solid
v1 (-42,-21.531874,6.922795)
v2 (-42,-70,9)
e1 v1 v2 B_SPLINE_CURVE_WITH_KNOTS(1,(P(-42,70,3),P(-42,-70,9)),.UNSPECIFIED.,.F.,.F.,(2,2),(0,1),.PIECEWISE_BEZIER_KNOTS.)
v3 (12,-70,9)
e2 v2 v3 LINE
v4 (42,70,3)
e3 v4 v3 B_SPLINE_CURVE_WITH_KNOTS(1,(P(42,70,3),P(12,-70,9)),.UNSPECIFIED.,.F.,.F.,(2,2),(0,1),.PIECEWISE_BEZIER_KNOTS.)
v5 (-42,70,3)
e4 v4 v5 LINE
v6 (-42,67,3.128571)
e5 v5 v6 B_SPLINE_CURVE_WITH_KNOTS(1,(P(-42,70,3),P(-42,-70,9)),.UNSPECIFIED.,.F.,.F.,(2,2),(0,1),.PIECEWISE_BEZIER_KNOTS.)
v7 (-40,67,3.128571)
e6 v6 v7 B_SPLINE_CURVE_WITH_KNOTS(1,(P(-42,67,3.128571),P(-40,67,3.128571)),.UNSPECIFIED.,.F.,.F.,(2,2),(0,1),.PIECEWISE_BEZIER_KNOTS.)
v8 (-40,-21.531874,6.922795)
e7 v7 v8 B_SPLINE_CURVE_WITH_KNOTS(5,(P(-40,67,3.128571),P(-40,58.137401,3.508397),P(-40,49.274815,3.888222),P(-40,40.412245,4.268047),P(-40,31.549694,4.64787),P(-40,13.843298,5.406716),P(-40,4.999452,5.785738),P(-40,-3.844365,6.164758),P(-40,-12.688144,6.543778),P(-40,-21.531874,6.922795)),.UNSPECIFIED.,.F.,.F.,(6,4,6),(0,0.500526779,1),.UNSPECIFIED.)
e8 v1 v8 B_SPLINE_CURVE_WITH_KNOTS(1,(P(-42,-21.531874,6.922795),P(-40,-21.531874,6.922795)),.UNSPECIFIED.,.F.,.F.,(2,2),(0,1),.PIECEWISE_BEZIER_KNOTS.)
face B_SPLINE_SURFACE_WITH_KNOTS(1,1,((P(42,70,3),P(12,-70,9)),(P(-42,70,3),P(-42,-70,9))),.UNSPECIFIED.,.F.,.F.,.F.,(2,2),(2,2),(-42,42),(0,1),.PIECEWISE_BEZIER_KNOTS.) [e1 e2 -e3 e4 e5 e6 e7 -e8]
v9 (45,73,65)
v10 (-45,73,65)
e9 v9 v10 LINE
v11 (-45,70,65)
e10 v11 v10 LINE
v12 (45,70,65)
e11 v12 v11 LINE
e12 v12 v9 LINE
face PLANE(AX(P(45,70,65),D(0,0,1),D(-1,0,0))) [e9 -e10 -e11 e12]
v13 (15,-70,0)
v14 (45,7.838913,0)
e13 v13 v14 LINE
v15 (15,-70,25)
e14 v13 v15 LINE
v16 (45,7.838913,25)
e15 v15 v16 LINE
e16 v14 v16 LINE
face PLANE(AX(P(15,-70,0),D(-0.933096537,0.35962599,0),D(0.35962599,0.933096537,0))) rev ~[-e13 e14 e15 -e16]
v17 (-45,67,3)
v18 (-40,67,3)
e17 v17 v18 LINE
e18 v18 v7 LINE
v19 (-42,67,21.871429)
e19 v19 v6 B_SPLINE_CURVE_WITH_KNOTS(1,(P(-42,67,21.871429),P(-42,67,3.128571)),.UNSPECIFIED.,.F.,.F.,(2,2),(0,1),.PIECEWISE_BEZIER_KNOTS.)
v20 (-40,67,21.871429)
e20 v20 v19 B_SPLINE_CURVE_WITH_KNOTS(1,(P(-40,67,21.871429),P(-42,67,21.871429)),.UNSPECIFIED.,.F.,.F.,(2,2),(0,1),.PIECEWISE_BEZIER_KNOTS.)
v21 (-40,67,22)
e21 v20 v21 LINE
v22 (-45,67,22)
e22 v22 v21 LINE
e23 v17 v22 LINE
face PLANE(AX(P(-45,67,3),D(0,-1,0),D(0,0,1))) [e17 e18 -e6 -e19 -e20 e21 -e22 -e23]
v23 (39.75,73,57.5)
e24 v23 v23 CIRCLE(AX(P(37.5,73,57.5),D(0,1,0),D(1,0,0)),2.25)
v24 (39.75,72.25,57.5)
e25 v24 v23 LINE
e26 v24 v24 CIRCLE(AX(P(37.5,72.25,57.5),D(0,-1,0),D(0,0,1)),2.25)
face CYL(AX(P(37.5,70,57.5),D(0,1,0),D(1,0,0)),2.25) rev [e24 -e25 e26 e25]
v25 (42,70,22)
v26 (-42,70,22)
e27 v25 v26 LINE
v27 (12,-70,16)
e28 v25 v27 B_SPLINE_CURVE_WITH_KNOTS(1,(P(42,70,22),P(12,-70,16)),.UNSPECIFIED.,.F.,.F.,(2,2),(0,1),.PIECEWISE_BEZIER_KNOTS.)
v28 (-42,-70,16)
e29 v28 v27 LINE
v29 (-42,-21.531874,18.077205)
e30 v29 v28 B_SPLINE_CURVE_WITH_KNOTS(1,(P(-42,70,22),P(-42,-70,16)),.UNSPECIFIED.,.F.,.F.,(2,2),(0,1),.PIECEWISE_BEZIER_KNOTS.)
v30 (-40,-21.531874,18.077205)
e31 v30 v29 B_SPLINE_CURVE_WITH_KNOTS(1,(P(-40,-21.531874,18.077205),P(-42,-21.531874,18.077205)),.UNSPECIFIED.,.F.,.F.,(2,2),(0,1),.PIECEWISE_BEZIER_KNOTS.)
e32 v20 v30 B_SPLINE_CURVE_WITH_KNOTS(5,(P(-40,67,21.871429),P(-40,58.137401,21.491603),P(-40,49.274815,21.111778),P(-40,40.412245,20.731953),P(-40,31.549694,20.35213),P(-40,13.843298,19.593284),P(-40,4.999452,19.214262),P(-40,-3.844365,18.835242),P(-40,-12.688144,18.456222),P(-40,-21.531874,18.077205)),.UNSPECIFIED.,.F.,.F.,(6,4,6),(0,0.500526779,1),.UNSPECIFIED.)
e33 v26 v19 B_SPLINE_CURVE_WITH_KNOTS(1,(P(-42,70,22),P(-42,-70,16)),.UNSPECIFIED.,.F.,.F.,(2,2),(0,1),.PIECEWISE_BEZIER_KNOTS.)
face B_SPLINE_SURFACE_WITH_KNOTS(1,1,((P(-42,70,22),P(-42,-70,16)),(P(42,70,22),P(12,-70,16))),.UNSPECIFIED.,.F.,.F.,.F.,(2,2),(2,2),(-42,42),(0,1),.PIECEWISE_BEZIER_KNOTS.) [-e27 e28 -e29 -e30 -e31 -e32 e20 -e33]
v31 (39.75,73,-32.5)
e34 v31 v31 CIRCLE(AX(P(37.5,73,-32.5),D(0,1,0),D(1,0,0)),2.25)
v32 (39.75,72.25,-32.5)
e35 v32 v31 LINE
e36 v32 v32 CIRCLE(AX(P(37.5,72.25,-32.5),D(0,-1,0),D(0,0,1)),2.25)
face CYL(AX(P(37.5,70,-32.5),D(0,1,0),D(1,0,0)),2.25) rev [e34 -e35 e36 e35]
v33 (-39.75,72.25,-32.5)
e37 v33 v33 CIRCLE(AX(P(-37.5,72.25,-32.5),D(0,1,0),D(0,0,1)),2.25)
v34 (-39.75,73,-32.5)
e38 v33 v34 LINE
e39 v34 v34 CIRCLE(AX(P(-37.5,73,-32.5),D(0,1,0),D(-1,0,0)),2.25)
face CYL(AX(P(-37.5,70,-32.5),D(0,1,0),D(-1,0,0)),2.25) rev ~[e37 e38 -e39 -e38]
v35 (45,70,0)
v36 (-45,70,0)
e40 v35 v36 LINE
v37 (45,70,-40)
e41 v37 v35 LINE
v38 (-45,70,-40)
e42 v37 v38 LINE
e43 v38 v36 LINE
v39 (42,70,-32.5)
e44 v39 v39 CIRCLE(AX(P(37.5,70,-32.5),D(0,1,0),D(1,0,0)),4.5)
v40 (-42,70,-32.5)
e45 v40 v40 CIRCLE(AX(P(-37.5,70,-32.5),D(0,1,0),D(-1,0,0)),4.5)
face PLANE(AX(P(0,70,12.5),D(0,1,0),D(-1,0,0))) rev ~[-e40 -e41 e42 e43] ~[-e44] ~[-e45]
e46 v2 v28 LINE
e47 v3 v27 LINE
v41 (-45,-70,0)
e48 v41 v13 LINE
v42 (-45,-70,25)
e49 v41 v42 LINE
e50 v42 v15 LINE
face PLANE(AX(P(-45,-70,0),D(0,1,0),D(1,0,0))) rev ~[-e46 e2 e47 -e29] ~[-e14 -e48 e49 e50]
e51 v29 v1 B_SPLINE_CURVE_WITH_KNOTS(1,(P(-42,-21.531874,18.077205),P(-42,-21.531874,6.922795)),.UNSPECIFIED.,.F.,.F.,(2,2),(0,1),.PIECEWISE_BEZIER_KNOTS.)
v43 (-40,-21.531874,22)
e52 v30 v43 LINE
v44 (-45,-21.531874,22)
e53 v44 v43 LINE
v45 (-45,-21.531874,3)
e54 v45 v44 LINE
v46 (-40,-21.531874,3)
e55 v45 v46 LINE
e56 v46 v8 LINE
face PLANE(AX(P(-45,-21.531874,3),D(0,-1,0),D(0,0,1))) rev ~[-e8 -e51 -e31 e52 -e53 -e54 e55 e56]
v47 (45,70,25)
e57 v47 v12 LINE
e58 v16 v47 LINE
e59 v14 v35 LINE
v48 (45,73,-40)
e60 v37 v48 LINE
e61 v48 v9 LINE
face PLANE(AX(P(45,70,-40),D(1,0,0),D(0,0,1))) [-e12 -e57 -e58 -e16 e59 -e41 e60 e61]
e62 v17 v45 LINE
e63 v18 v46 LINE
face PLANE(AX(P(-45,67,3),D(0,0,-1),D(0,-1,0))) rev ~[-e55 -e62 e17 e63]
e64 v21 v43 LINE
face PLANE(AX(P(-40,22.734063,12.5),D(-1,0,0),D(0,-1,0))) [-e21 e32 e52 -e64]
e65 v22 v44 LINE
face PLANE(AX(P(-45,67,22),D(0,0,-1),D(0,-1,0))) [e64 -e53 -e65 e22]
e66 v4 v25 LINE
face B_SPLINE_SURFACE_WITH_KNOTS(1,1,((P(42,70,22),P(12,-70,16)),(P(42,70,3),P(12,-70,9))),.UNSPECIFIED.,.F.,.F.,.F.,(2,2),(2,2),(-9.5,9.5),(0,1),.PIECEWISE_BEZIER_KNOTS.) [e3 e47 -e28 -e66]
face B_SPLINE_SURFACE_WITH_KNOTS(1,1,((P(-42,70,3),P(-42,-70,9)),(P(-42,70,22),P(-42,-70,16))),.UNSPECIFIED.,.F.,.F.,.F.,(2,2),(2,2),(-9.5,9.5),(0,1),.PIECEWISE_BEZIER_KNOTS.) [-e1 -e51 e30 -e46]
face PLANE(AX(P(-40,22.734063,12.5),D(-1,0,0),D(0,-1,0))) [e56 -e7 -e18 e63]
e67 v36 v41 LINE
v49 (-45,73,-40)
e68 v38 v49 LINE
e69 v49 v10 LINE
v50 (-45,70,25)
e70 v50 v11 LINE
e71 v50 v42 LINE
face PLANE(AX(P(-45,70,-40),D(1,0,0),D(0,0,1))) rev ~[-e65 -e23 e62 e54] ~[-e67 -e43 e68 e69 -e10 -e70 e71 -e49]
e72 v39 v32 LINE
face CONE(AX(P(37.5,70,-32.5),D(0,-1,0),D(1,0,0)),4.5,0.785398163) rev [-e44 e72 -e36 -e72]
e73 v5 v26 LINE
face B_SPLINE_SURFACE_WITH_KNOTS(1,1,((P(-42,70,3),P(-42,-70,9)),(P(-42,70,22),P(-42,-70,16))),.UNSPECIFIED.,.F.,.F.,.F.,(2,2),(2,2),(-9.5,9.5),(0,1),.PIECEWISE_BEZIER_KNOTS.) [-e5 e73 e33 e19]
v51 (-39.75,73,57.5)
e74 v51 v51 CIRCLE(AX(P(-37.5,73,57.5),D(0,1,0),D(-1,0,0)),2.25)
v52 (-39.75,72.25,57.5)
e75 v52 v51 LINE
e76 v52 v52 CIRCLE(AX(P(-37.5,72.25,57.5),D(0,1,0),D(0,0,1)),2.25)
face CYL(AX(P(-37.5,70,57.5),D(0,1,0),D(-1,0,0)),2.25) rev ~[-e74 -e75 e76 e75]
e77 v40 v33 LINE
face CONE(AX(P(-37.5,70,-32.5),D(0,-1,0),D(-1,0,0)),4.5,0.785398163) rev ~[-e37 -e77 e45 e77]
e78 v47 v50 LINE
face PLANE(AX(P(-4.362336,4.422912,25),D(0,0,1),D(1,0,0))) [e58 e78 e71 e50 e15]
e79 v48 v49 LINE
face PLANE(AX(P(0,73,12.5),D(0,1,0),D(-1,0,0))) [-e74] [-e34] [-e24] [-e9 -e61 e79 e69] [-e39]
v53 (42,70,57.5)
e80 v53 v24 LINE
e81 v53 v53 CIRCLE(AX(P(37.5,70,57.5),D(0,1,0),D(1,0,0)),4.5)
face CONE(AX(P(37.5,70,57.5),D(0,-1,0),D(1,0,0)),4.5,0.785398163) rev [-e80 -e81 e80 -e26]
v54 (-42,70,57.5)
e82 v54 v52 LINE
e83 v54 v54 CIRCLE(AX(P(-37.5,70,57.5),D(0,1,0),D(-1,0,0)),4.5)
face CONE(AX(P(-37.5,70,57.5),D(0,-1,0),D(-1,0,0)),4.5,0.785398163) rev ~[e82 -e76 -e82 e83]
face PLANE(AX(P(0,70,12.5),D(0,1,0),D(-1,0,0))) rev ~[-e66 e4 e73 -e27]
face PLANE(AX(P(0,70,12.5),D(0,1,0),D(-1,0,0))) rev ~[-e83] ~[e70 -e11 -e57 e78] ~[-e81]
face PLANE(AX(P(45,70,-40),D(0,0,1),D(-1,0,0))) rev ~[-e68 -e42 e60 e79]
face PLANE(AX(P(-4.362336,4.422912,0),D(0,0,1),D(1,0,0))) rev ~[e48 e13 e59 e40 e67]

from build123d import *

# Parameters (mm, degrees)
PAD_DEPTH        = 25
SKETCH001_W      = 84
SKETCH001_H      = 19
SKETCH002_W      = 54
SKETCH002_H      = 7
SKETCH003_W      = 88.531874
SKETCH003_H      = 19
POCKET_DEPTH     = 5
SKETCH004_W      = 90
SKETCH004_H      = 105
PAD001_DEPTH     = 3
HOLE_D           = 4.5
HOLE_DEPTH       = 25
HOLE_CSINK_D     = 9
HOLE_CSINK_ANGLE = 90


with BuildPart() as part:
    # Sketch → Pad (new body)
    with BuildSketch(Plane.XY):
        Polygon((-45, 70), (-45, -21.531874), (-45, -70), (15, -70), (45, 7.838913), (45, 70), align=None)
    extrude(amount=PAD_DEPTH)

    # Sketch001 (on Face6 of Pad) → SubtractiveLoft section 0
    with BuildSketch(Plane(origin=(0, 70, 0), x_dir=(-1, 0, 0), z_dir=(0, 1, 0))):
        with Locations((0, 12.5)):
            Rectangle(SKETCH001_W, SKETCH001_H)
    # Sketch002 (on Face3 of Pad) → SubtractiveLoft section 1
    with BuildSketch(Plane.XZ.offset(70)):
        with Locations((-15, 12.5)):
            Rectangle(SKETCH002_W, SKETCH002_H)
    loft(mode=Mode.SUBTRACT)

    # Sketch003 (on Face1 of SubtractiveLoft) → Pocket (cut)
    with BuildSketch(Plane(origin=(-45, 0, 0), x_dir=(0, -1, 0), z_dir=(-1, 0, 0))):
        with Locations((-22.734063, 12.5)):
            Rectangle(SKETCH003_W, SKETCH003_H)
    extrude(amount=-POCKET_DEPTH, mode=Mode.SUBTRACT)

    # Sketch004 (on Face8 of Pocket) → Pad001 (join)
    with BuildSketch(Plane(origin=(0, 70, 0), x_dir=(-1, 0, 0), z_dir=(0, 1, 0))):
        with Locations((0, 12.5)):
            Rectangle(SKETCH004_W, SKETCH004_H)
    extrude(amount=PAD001_DEPTH)

    # Hole
    with Locations(Plane.XZ.offset(-70)):
        with Locations((-37.5, 57.5), (-37.5, -32.5)):
            hole = CounterSinkHole(HOLE_D / 2, HOLE_CSINK_D / 2, depth=HOLE_DEPTH, counter_sink_angle=HOLE_CSINK_ANGLE)

    # Mirrored: Hole across Sketch005 V_Axis
    add(hole.mirror(Plane(origin=(0, 70, 0), x_dir=(0, -1, 0), z_dir=(1, 0, 0))), mode=Mode.SUBTRACT)


solid = part.part
